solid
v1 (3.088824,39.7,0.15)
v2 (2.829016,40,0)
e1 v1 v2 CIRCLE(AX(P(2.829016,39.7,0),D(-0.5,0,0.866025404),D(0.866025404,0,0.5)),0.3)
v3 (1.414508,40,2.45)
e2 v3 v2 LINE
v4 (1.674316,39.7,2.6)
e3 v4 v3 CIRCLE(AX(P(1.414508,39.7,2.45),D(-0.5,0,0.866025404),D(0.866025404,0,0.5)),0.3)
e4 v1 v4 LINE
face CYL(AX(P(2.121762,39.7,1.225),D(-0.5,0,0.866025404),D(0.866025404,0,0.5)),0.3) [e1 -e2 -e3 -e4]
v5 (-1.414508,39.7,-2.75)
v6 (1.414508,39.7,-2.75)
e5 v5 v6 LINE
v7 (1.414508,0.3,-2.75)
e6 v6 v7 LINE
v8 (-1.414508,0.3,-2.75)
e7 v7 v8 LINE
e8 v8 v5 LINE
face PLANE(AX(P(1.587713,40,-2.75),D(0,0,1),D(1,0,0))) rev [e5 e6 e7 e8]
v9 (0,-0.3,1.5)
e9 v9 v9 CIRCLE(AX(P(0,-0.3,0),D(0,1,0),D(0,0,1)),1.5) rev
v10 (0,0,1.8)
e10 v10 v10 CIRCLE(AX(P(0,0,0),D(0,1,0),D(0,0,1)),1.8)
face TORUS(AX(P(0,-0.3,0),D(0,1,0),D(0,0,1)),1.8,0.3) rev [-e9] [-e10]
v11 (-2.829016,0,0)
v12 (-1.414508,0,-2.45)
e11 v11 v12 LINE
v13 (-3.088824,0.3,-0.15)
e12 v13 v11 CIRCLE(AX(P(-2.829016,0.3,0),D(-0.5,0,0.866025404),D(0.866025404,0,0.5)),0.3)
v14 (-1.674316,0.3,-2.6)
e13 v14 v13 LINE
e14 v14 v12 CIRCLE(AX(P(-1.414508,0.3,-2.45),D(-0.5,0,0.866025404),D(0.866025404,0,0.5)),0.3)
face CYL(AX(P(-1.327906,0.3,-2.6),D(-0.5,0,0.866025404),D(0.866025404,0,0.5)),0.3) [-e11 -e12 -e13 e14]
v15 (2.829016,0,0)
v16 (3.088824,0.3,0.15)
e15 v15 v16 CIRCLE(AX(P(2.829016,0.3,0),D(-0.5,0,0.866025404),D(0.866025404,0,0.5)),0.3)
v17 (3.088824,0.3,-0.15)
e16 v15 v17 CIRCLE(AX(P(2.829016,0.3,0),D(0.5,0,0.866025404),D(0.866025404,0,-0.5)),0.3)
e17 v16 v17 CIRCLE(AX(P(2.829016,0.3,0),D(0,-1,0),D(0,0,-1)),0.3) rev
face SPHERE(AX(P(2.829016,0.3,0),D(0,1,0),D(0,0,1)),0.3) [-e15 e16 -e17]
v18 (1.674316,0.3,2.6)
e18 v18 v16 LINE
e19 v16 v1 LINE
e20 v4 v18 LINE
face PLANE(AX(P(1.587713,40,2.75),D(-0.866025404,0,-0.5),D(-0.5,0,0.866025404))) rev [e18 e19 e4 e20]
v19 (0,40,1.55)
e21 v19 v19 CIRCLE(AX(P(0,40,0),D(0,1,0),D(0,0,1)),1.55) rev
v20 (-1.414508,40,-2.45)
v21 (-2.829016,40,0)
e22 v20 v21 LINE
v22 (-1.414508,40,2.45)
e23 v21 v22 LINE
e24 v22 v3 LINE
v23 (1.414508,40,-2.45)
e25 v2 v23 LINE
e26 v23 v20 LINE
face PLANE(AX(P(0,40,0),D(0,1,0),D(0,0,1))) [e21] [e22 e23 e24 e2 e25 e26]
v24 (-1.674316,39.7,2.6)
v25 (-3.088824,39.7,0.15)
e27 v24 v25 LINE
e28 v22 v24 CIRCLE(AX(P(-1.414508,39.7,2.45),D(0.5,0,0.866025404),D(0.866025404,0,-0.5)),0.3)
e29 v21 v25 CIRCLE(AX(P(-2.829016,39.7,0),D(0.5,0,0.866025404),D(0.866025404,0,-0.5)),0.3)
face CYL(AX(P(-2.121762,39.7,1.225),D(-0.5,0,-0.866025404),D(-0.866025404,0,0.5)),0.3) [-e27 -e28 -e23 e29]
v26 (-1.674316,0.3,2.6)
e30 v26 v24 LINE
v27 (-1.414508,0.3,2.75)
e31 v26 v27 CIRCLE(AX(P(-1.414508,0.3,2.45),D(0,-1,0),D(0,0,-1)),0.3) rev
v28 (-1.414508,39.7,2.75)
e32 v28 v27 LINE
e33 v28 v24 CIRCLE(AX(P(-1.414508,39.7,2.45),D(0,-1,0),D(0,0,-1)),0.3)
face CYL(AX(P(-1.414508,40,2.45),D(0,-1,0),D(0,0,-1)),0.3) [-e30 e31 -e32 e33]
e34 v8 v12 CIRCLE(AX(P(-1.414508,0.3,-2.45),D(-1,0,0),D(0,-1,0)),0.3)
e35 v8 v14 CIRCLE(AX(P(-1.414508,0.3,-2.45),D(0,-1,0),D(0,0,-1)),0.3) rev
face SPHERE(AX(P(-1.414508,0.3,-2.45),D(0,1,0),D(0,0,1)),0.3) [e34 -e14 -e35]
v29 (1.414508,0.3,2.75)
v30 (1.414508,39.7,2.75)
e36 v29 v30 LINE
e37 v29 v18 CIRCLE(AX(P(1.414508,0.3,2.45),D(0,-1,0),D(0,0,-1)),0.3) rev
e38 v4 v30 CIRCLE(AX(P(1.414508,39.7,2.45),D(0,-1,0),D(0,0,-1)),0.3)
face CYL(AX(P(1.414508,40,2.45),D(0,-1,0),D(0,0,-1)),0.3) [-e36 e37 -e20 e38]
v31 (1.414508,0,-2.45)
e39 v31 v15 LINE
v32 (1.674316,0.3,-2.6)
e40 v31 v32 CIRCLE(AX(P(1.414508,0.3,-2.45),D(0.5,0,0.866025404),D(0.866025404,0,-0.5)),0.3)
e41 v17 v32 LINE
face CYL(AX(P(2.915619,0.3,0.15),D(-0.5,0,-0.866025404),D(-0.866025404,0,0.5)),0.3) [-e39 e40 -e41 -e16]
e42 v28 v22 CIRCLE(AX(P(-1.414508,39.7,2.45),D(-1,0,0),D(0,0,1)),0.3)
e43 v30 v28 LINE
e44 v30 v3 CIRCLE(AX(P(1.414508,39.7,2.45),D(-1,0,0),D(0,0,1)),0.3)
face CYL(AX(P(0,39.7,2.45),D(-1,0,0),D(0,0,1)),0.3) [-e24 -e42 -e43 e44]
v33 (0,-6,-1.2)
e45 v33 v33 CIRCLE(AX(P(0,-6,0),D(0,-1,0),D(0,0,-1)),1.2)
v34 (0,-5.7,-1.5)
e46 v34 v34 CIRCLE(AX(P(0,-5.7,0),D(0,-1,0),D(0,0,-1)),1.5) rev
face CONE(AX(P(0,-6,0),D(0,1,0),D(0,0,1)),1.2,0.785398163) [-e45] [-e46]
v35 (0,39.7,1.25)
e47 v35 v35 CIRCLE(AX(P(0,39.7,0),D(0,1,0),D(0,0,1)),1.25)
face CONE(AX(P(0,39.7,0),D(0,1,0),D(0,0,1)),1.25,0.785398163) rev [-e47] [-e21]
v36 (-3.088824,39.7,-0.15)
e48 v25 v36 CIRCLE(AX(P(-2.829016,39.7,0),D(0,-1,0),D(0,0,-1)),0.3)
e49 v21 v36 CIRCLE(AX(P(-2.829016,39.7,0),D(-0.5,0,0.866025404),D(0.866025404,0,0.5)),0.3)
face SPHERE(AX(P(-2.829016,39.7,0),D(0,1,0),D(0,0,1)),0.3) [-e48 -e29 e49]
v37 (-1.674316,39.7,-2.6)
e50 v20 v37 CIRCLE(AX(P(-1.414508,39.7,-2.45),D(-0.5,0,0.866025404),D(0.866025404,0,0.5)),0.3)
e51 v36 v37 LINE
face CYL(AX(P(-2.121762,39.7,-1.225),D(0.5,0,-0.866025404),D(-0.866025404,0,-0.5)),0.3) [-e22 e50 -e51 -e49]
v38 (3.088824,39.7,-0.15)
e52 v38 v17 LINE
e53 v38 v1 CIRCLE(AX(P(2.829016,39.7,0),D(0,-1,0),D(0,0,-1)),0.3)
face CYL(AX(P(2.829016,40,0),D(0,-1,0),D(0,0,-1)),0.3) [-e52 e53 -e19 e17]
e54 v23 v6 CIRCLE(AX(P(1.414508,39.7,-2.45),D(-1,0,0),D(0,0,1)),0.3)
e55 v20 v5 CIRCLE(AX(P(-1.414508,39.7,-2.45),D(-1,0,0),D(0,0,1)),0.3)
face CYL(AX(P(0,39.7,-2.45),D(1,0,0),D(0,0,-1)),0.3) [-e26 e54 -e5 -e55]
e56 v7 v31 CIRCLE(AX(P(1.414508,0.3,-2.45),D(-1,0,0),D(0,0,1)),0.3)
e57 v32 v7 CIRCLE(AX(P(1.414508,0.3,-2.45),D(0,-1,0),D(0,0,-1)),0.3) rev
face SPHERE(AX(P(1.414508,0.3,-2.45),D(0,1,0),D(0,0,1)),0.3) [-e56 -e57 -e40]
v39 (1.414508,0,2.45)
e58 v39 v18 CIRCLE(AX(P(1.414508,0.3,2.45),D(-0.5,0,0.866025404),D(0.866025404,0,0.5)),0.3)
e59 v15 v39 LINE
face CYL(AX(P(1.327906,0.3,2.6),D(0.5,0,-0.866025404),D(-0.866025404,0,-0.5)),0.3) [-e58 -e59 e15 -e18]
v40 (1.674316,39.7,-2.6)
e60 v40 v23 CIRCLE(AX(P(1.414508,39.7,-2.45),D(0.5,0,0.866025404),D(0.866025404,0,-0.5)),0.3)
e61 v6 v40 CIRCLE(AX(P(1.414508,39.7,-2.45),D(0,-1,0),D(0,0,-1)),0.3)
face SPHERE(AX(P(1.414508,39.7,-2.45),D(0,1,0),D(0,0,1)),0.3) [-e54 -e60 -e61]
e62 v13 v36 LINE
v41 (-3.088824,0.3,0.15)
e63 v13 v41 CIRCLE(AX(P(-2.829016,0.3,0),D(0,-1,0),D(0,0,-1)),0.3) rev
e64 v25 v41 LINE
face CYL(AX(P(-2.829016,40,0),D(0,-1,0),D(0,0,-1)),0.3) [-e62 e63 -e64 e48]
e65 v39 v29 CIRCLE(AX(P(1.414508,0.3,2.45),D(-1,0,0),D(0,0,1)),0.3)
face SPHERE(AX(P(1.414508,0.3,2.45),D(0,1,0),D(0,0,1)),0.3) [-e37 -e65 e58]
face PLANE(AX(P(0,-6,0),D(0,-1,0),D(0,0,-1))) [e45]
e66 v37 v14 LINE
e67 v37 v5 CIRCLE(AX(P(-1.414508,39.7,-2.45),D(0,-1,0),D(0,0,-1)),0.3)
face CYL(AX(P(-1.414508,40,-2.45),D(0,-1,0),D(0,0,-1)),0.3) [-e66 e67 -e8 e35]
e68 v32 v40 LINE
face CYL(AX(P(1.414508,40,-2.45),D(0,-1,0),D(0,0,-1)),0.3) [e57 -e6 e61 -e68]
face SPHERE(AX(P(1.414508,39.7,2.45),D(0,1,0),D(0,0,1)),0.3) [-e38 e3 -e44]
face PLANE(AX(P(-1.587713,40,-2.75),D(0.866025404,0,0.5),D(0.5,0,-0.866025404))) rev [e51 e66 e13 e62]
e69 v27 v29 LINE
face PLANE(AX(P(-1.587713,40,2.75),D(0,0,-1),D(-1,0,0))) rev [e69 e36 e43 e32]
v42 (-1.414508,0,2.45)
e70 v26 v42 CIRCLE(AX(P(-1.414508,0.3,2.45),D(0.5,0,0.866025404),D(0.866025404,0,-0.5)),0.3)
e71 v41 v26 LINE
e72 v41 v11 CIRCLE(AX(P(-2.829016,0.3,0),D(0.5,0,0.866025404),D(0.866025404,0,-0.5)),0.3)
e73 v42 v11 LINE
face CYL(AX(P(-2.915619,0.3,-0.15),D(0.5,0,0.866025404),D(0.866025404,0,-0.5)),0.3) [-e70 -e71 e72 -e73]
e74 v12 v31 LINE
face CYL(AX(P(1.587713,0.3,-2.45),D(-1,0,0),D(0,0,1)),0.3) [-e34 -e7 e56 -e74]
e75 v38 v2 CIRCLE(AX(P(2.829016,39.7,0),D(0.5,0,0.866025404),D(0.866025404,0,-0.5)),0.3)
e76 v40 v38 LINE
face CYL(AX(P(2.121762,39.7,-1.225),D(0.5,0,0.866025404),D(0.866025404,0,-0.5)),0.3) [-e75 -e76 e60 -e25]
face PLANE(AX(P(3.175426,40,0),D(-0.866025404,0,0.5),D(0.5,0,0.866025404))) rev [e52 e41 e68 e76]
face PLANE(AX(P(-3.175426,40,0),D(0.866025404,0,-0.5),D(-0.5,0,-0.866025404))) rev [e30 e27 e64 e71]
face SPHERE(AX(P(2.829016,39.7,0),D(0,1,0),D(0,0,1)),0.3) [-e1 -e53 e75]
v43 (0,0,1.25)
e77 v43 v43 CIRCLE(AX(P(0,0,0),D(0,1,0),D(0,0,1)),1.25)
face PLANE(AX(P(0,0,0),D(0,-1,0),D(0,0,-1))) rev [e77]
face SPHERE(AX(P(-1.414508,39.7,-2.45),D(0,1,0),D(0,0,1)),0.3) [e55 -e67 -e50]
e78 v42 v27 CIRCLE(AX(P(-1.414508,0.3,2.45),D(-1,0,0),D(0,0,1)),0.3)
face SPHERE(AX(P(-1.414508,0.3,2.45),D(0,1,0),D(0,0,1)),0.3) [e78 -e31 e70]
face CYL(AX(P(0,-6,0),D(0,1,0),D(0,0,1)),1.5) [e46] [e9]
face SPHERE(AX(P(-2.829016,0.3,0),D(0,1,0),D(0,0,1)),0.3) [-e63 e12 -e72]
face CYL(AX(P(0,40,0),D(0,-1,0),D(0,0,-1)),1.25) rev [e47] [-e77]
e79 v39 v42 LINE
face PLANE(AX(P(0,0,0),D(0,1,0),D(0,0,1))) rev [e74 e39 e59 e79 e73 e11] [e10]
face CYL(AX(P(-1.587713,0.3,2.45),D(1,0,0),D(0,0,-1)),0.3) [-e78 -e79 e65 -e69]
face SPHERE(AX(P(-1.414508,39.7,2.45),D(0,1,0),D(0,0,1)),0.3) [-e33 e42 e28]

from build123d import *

# Parameters (mm, degrees)
SKETCH1_R           = 1.25
BOSS_EXTRUDE1_DEPTH = 40
FILLET1_R           = 0.3
FILLET2_R           = 0.3
SKETCH2_R           = 1.5
BOSS_EXTRUDE2_DEPTH = 6
CHAMFER1_SIZE       = 0.3
FILLET3_R           = 0.3


with BuildPart() as part:
    # Sketch1 → Boss-Extrude1 (new body)
    with BuildSketch(Plane(origin=(0, 0, 0), x_dir=(1, 0, 0), z_dir=(0, 1, 0))):
        Polygon((-1.58771324, 2.75), (-3.175426481, 0), (-1.58771324, -2.75), (1.58771324, -2.75), (3.175426481, 0), (1.58771324, 2.75), align=None)
        with Locations(Location((0, 0, 0), (0, 0, 270))):
            Circle(SKETCH1_R, mode=Mode.SUBTRACT)
    extrude(amount=BOSS_EXTRUDE1_DEPTH)

    # Fillet1
    fillet1_edges = [part.edges().sort_by_distance(p)[0] for p in [
        (1.58771324, 20, -2.75),
        (3.175426481, 20, 0),
        (1.58771324, 20, 2.75),
        (-1.58771324, 20, 2.75),
        (-3.175426481, 20, 0),
        (-1.58771324, 20, -2.75),
    ]]
    fillet(fillet1_edges, radius=FILLET1_R)

    # Fillet2
    fillet2_edges = [part.edges().sort_by_distance(p)[0] for p in [
        (0, 0, -2.75),
        (0, 40, -2.75),
        (2.38156986, 0, -1.375),
        (2.38156986, 0, 1.375),
        (0, 0, 2.75),
        (-2.38156986, 0, 1.375),
        (-2.38156986, 0, -1.375),
        (1.56450816, 0, 2.709807621),
        (-1.56450816, 0, 2.709807621),
        (-3.129016319, 0, 0),
        (-1.56450816, 0, -2.709807621),
        (3.129016319, 0, 0),
        (1.56450816, 0, -2.709807621),
        (2.38156986, 40, -1.375),
        (-2.38156986, 40, -1.375),
        (-2.38156986, 40, 1.375),
        (0, 40, 2.75),
        (2.38156986, 40, 1.375),
        (1.56450816, 40, 2.709807621),
        (-1.56450816, 40, 2.709807621),
        (-3.129016319, 40, 0),
        (-1.56450816, 40, -2.709807621),
        (3.129016319, 40, 0),
        (1.56450816, 40, -2.709807621),
    ]]
    fillet(fillet2_edges, radius=FILLET2_R)

    # Sketch2 → Boss-Extrude2 (add)
    with BuildSketch(Plane.XZ):
        with Locations(Location((0, 0, 0), (0, 0, 90))):
            Circle(SKETCH2_R)
    extrude(amount=BOSS_EXTRUDE2_DEPTH)

    # Chamfer1
    chamfer1_edges = [part.edges().sort_by_distance(p)[0] for p in [
        (0, -6, -1.5),
        (0, 40, -1.25),
    ]]
    chamfer(chamfer1_edges, length=CHAMFER1_SIZE)

    # Fillet3
    fillet3_edges = [part.edges().sort_by_distance(p)[0] for p in [
        (0, 0, -1.5),
    ]]
    fillet(fillet3_edges, radius=FILLET3_R)


solid = part.part
